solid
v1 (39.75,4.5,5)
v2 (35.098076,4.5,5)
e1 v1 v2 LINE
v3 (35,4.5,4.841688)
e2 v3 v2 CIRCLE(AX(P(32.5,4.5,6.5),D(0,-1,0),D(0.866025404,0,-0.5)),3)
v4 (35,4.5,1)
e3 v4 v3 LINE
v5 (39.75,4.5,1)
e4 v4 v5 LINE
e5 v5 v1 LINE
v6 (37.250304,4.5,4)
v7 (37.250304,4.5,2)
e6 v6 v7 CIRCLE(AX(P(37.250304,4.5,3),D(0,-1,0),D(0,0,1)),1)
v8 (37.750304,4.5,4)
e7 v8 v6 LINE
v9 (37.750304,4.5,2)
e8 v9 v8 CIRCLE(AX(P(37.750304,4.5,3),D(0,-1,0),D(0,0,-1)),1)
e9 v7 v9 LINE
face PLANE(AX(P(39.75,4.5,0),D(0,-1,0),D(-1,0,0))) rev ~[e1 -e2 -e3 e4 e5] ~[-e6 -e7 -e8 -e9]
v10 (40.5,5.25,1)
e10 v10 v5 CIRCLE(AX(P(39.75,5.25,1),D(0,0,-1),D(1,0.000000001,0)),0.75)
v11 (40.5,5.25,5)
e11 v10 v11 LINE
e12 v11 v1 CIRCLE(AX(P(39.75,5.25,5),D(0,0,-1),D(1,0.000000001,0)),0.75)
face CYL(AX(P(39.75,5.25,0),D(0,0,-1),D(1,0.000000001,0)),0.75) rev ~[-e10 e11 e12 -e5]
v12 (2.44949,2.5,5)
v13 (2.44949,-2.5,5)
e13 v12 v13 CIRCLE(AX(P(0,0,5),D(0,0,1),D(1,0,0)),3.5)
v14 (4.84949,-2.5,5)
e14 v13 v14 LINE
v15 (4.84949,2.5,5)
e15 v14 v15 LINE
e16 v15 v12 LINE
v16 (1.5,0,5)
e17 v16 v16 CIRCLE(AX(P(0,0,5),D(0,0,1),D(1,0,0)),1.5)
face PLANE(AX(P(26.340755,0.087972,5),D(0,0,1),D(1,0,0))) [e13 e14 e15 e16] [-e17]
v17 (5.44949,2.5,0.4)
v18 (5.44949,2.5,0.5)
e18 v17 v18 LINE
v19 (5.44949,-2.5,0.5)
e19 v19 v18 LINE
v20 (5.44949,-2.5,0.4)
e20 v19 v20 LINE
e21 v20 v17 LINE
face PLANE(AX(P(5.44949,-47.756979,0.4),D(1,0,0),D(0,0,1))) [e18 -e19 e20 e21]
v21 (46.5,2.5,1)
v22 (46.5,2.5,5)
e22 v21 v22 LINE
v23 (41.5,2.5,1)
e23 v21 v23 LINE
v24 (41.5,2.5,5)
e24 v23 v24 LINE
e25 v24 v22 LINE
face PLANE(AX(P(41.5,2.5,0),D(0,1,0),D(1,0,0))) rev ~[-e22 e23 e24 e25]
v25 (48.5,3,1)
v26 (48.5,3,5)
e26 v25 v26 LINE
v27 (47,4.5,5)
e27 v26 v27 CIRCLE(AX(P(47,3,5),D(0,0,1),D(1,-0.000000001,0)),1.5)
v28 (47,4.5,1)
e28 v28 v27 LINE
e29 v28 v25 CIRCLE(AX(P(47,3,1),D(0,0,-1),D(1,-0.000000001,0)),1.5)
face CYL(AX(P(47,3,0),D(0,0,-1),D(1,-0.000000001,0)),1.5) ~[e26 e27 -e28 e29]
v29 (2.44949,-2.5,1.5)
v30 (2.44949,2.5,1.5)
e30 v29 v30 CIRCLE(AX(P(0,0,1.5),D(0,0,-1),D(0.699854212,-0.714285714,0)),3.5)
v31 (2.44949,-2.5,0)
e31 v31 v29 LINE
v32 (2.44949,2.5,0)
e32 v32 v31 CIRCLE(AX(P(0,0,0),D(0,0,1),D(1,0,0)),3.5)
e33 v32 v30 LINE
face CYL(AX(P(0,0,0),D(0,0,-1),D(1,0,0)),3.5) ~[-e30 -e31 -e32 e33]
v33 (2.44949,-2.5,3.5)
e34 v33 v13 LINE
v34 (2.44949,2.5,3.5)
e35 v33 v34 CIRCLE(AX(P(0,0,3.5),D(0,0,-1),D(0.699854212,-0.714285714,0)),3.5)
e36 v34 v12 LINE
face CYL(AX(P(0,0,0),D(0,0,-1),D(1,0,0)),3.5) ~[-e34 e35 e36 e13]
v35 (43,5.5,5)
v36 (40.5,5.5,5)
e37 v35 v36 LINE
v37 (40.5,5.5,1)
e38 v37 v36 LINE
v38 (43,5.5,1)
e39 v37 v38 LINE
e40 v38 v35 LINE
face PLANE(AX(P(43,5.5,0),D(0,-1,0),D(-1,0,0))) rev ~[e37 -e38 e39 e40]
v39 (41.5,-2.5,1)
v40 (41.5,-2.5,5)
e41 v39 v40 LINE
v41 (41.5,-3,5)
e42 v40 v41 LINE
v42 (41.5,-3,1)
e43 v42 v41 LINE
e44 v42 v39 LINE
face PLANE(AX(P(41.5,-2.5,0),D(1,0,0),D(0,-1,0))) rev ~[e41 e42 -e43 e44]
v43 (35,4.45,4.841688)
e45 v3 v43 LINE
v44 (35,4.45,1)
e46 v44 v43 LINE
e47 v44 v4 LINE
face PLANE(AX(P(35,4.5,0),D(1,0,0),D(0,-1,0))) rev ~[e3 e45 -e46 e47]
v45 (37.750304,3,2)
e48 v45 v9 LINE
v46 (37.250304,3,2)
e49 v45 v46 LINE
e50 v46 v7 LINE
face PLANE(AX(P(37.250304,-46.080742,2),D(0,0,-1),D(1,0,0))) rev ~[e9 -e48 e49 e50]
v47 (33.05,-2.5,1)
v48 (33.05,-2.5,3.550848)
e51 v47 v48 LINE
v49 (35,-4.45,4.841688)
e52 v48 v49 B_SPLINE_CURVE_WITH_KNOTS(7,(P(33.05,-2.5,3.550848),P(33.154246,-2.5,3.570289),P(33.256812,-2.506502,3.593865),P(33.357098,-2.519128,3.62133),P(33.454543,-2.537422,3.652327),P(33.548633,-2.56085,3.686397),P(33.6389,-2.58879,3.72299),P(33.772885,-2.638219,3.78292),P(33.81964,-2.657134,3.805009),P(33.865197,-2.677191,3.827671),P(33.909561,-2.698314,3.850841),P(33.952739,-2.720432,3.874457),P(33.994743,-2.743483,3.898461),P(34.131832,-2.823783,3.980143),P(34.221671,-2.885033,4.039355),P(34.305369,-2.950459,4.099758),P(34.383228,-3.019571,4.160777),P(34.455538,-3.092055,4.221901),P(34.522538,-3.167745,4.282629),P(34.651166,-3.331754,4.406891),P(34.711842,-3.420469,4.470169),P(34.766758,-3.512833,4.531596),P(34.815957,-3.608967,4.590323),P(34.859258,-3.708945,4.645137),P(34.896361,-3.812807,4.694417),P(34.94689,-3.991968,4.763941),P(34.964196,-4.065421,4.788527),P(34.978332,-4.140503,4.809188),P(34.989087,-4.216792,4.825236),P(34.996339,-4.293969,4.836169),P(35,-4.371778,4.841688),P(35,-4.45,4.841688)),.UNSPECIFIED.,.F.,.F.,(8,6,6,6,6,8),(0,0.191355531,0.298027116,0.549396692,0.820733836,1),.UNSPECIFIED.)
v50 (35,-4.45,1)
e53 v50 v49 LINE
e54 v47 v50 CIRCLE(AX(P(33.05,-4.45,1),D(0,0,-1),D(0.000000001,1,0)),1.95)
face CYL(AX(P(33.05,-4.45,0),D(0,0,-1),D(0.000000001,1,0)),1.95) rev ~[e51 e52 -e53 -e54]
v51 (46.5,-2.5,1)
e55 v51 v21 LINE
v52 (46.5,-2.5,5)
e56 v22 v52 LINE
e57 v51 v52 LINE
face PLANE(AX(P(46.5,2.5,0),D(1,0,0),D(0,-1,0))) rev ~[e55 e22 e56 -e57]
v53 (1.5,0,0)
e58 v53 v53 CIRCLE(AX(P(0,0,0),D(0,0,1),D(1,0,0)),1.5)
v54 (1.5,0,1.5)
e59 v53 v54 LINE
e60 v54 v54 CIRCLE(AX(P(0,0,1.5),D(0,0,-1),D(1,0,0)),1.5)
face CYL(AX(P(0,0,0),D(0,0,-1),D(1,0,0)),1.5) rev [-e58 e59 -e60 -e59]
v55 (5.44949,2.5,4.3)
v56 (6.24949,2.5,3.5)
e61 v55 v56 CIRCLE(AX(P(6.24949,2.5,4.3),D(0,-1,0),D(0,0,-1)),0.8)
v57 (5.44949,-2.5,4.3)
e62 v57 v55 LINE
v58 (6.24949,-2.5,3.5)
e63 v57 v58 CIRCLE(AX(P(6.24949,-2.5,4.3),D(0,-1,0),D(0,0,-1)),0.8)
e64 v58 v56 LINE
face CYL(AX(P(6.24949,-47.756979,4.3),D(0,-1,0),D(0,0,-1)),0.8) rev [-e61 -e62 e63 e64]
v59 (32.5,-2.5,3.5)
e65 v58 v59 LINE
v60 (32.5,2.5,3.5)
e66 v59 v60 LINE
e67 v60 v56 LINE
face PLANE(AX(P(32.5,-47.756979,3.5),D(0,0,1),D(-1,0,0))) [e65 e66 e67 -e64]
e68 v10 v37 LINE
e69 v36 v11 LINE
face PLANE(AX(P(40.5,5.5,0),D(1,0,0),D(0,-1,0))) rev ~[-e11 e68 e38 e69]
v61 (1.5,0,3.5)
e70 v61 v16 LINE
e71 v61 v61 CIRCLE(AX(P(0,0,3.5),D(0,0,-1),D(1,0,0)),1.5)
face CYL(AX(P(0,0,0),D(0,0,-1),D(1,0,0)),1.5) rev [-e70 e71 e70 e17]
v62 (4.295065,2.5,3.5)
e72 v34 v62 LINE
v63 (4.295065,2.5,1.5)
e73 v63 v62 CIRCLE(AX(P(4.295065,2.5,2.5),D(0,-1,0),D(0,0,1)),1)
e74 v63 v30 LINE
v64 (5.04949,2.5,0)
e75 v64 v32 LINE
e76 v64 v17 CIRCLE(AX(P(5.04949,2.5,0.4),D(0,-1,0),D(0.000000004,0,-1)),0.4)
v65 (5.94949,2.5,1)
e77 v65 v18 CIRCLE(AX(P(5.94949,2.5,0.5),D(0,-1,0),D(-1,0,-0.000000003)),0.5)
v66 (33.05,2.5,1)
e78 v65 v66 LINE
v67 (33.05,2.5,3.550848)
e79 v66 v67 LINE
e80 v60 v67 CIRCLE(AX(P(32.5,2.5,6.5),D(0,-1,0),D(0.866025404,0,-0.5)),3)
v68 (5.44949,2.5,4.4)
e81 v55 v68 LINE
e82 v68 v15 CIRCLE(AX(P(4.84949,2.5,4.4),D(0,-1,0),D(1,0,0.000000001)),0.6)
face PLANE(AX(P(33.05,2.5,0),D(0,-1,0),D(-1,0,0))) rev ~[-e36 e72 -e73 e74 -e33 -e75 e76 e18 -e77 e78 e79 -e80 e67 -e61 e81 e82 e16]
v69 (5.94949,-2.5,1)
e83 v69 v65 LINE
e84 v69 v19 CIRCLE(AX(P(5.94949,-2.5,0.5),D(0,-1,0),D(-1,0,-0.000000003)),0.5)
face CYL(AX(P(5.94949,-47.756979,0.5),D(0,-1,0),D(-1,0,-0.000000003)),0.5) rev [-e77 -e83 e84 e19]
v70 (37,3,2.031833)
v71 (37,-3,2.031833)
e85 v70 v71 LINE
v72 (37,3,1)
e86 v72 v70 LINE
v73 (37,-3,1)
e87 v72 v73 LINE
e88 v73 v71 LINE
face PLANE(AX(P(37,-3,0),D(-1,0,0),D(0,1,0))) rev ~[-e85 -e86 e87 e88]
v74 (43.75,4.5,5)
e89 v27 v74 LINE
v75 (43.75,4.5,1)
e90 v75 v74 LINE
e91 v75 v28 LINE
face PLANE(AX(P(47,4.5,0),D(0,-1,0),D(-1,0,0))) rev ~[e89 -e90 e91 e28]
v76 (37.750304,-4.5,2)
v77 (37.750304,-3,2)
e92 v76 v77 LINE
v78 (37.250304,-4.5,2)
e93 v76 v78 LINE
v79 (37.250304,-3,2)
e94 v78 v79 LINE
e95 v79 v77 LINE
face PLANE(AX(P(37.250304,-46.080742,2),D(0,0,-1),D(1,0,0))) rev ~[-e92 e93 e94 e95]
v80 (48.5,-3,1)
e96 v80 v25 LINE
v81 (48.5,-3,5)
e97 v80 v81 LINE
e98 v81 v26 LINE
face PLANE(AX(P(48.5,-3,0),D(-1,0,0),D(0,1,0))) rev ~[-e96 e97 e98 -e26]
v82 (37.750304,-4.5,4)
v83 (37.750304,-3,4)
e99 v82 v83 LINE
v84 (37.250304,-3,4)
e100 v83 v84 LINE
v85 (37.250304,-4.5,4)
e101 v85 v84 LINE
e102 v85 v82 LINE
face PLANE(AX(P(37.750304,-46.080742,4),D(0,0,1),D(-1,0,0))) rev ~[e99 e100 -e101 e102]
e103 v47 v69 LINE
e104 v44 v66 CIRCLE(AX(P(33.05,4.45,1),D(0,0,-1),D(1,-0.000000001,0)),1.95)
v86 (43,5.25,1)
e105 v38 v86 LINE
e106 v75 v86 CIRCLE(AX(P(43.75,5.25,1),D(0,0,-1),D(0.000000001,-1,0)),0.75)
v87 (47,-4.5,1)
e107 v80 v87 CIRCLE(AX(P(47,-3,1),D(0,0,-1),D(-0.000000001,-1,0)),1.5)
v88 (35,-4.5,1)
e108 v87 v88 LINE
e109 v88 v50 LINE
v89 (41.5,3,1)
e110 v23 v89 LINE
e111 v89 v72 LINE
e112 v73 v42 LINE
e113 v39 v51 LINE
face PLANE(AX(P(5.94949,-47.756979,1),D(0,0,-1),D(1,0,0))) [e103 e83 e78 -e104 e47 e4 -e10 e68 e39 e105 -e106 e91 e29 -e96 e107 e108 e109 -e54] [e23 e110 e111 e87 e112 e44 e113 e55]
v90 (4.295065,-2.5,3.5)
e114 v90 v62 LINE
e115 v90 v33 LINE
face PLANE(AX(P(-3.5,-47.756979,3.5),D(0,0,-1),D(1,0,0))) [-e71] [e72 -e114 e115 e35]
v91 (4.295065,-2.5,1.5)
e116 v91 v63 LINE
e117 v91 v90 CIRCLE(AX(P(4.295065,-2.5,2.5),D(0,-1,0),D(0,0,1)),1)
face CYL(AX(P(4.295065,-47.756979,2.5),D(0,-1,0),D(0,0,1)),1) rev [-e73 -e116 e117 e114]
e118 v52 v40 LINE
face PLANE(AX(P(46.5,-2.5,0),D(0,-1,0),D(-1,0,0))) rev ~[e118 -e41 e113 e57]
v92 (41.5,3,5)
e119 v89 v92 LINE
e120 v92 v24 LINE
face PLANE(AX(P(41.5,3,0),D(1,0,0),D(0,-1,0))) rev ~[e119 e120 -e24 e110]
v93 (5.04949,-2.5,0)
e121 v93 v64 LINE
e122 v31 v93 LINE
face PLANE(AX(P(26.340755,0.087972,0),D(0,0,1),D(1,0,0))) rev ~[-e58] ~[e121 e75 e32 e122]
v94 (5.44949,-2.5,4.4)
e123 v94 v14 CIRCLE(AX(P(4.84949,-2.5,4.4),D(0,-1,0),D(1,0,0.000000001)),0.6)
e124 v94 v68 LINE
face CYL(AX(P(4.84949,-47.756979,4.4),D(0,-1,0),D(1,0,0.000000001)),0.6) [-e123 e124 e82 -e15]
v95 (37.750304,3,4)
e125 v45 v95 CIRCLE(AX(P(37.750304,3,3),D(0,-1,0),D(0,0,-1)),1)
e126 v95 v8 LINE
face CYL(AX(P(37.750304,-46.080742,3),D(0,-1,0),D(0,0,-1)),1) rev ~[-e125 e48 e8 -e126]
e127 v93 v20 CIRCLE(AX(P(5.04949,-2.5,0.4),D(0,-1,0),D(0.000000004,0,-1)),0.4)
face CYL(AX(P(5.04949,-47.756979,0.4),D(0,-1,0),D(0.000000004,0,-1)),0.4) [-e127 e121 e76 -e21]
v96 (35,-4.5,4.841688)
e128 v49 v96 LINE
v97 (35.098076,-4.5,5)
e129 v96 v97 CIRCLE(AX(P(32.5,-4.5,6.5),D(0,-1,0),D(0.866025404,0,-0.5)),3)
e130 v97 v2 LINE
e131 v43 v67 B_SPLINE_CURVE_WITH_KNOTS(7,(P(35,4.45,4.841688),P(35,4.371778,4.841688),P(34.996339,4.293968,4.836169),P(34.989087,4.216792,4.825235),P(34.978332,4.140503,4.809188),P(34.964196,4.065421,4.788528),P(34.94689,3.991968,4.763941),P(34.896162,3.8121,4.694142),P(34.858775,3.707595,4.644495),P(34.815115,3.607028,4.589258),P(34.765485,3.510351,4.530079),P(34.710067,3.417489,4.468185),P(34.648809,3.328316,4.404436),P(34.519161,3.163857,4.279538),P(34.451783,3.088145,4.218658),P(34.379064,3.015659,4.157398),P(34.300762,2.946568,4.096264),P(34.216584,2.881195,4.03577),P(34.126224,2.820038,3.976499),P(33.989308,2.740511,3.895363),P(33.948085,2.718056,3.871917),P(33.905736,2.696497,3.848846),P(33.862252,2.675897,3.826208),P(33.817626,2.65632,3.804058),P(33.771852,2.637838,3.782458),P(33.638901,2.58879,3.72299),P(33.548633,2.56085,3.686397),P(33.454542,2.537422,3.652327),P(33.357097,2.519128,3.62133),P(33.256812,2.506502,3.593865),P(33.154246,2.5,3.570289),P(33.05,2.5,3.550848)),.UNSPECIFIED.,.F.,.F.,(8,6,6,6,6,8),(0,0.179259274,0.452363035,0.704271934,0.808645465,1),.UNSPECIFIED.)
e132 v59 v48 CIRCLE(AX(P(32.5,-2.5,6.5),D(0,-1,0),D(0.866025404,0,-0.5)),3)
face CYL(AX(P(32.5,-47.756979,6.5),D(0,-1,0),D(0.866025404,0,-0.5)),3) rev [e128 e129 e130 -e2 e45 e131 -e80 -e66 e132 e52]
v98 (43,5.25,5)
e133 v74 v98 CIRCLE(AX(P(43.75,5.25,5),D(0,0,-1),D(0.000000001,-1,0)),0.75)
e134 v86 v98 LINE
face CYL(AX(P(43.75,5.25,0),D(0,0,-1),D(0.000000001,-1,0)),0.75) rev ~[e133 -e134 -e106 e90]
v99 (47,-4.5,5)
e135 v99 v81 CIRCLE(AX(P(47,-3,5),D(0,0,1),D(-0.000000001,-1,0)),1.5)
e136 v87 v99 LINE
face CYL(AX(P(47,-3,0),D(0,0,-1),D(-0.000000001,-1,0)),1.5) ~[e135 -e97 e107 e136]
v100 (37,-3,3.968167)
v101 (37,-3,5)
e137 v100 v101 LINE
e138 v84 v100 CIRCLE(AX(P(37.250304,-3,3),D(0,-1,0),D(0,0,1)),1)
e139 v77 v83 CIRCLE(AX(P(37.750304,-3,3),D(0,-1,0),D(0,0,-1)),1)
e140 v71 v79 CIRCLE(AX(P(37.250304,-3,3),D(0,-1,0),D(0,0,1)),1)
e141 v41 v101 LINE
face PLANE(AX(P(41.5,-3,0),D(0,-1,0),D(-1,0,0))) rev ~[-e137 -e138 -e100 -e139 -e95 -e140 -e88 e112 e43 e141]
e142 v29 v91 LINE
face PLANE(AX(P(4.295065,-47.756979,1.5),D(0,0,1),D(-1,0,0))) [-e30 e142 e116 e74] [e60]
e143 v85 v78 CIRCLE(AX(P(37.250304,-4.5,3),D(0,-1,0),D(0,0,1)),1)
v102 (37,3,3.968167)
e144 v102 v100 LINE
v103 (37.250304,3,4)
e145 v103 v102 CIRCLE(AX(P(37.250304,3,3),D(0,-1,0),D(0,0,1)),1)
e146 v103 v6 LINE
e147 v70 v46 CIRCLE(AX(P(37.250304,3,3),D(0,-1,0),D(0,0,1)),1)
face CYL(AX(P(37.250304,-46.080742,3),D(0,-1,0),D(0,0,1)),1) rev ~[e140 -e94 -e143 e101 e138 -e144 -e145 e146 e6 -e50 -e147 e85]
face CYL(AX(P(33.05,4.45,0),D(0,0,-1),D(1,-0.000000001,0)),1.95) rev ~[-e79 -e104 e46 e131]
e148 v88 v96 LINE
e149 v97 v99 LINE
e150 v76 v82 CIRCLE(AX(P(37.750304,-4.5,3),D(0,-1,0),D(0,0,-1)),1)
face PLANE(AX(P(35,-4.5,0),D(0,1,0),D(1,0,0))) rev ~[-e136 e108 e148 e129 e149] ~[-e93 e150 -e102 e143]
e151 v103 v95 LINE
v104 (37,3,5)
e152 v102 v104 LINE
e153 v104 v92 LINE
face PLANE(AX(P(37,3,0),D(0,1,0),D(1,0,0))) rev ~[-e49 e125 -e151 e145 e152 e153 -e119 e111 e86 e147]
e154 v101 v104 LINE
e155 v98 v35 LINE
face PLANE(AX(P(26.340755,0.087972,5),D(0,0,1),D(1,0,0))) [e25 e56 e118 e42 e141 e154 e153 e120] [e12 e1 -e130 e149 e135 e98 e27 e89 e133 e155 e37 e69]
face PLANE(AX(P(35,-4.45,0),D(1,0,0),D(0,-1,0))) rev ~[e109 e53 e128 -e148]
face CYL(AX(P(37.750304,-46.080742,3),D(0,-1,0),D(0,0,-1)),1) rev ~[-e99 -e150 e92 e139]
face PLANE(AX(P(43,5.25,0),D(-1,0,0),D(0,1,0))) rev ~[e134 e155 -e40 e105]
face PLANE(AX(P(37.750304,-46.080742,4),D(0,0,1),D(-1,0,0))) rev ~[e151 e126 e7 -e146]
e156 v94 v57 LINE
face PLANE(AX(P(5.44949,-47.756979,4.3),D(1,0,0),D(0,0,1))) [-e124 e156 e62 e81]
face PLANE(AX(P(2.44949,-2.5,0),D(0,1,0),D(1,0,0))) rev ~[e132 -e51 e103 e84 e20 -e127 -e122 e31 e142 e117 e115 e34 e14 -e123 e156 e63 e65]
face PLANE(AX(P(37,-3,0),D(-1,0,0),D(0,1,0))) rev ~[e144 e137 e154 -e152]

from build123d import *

# Parameters (mm, degrees)
ESQUISSE1_R                  = 3.5
ESQUISSE1_R_2                = 1.5
BOSS_EXTRU_1_DEPTH           = 5
ENL_V_MAT_EXTRU_2_DEPTH      = 50.256979201
ENL_V_MAT_EXTRU_2_DEPTH_BACK = 50.256979201
ENL_V_MAT_EXTRU_3_DEPTH      = 50.580742257
ENL_V_MAT_EXTRU_3_DEPTH_BACK = 50.580742257


with BuildPart() as part:
    # Esquisse1 → Boss.-Extru.1 (new body)
    # profile 1 of 2: a face of its own
    with BuildSketch(Plane.XY):
        Circle(ESQUISSE1_R)
        Circle(ESQUISSE1_R_2, mode=Mode.SUBTRACT)
    # profile 2 of 2: a face of its own
    with BuildSketch(Plane.XY):
        with BuildLine():
            Line((33.05, 2.5), (3.5, 2.5))
            Line((3.5, 2.5), (2.449489743, 2.5))
            ThreePointArc((2.449489743, 2.5), (3.226702194, 1.355873501), (3.5, 0))
            ThreePointArc((3.5, 0), (3.226702194, -1.355873501), (2.449489743, -2.5))
            Line((2.449489743, -2.5), (3.5, -2.5))
            Line((3.5, -2.5), (33.05, -2.5))
            ThreePointArc((33.05, -2.5), (34.428858223, -3.071141777), (35, -4.45))
            Line((35, -4.45), (35, -4.5))
            Line((35, -4.5), (47, -4.5))
            ThreePointArc((47, -4.5), (48.060660172, -4.060660172), (48.5, -3))
            Line((48.5, -3), (48.5, 3))
            ThreePointArc((48.5, 3), (48.060660172, 4.060660172), (47, 4.5))
            Line((47, 4.5), (43.75, 4.5))
            ThreePointArc((43.75, 4.5), (43.219669914, 4.719669914), (43, 5.25))
            Line((43, 5.25), (43, 5.5))
            Line((43, 5.5), (40.5, 5.5))
            Line((40.5, 5.5), (40.5, 5.25))
            ThreePointArc((40.5, 5.25), (40.280330086, 4.719669914), (39.75, 4.5))
            Line((39.75, 4.5), (35, 4.5))
            Line((35, 4.5), (35, 4.45))
            ThreePointArc((35, 4.45), (34.428858223, 3.071141777), (33.05, 2.5))
        make_face()
        Polygon((41.5, -3), (37, -3), (37, 3), (41.5, 3), (41.5, 2.5), (46.5, 2.5), (46.5, -2.5), (41.5, -2.5), align=None, mode=Mode.SUBTRACT)
    extrude(amount=BOSS_EXTRU_1_DEPTH)

    # Esquisse2 → Enlèv. mat.-Extru.2 (cut, two sides: drawn at the far end of the back side and taken through both)
    with BuildSketch(Plane(origin=(0, 2.5, 0), x_dir=(1, 0, 0), z_dir=(0, 1, 0)).offset(-ENL_V_MAT_EXTRU_2_DEPTH_BACK)):
        with BuildLine():
            ThreePointArc((5.449489743, -0.5), (5.595936352, -0.853553391), (5.949489743, -1))
            Line((5.949489743, -1), (48.5, -1))
            Line((48.5, -1), (48.5, 0))
            Line((48.5, 0), (5.049489743, 0))
            ThreePointArc((5.049489743, 0), (5.332332455, -0.117157288), (5.449489743, -0.4))
            Line((5.449489743, -0.4), (5.449489743, -0.5))
        make_face()
        with BuildLine():
            Line((4.849489662, -5), (35.098076211, -5))
            ThreePointArc((35.098076211, -5), (34, -3.901923789), (32.5, -3.5))
            Line((32.5, -3.5), (6.249489662, -3.5))
            ThreePointArc((6.249489662, -3.5), (5.683804237, -3.734314575), (5.449489662, -4.3))
            Line((5.449489662, -4.3), (5.449489662, -4.4))
            ThreePointArc((5.449489662, -4.4), (5.27375373, -4.824264069), (4.849489662, -5))
        make_face()
        with BuildLine():
            Line((4.295064523, -1.5), (-3.5, -1.5))
            Line((-3.5, -1.5), (-3.5, -3.5))
            Line((-3.5, -3.5), (4.295064523, -3.5))
            ThreePointArc((4.295064523, -3.5), (5.295064523, -2.5), (4.295064523, -1.5))
        make_face()
    extrude(amount=ENL_V_MAT_EXTRU_2_DEPTH + ENL_V_MAT_EXTRU_2_DEPTH_BACK, mode=Mode.SUBTRACT)

    # Esquisse3 → Enlèv. mat.-Extru.3 (cut, two sides: drawn at the far end of the back side and taken through both)
    with BuildSketch(Plane(origin=(0, 4.5, 0), x_dir=(1, 0, 0), z_dir=(0, 1, 0)).offset(-ENL_V_MAT_EXTRU_3_DEPTH_BACK)):
        with BuildLine():
            Line((37.750303976, -4), (37.250303976, -4))
            ThreePointArc((37.250303976, -4), (36.250303976, -3), (37.250303976, -2))
            Line((37.250303976, -2), (37.750303976, -2))
            ThreePointArc((37.750303976, -2), (38.750303976, -3), (37.750303976, -4))
        make_face()
    extrude(amount=ENL_V_MAT_EXTRU_3_DEPTH + ENL_V_MAT_EXTRU_3_DEPTH_BACK, mode=Mode.SUBTRACT)


solid = part.part
